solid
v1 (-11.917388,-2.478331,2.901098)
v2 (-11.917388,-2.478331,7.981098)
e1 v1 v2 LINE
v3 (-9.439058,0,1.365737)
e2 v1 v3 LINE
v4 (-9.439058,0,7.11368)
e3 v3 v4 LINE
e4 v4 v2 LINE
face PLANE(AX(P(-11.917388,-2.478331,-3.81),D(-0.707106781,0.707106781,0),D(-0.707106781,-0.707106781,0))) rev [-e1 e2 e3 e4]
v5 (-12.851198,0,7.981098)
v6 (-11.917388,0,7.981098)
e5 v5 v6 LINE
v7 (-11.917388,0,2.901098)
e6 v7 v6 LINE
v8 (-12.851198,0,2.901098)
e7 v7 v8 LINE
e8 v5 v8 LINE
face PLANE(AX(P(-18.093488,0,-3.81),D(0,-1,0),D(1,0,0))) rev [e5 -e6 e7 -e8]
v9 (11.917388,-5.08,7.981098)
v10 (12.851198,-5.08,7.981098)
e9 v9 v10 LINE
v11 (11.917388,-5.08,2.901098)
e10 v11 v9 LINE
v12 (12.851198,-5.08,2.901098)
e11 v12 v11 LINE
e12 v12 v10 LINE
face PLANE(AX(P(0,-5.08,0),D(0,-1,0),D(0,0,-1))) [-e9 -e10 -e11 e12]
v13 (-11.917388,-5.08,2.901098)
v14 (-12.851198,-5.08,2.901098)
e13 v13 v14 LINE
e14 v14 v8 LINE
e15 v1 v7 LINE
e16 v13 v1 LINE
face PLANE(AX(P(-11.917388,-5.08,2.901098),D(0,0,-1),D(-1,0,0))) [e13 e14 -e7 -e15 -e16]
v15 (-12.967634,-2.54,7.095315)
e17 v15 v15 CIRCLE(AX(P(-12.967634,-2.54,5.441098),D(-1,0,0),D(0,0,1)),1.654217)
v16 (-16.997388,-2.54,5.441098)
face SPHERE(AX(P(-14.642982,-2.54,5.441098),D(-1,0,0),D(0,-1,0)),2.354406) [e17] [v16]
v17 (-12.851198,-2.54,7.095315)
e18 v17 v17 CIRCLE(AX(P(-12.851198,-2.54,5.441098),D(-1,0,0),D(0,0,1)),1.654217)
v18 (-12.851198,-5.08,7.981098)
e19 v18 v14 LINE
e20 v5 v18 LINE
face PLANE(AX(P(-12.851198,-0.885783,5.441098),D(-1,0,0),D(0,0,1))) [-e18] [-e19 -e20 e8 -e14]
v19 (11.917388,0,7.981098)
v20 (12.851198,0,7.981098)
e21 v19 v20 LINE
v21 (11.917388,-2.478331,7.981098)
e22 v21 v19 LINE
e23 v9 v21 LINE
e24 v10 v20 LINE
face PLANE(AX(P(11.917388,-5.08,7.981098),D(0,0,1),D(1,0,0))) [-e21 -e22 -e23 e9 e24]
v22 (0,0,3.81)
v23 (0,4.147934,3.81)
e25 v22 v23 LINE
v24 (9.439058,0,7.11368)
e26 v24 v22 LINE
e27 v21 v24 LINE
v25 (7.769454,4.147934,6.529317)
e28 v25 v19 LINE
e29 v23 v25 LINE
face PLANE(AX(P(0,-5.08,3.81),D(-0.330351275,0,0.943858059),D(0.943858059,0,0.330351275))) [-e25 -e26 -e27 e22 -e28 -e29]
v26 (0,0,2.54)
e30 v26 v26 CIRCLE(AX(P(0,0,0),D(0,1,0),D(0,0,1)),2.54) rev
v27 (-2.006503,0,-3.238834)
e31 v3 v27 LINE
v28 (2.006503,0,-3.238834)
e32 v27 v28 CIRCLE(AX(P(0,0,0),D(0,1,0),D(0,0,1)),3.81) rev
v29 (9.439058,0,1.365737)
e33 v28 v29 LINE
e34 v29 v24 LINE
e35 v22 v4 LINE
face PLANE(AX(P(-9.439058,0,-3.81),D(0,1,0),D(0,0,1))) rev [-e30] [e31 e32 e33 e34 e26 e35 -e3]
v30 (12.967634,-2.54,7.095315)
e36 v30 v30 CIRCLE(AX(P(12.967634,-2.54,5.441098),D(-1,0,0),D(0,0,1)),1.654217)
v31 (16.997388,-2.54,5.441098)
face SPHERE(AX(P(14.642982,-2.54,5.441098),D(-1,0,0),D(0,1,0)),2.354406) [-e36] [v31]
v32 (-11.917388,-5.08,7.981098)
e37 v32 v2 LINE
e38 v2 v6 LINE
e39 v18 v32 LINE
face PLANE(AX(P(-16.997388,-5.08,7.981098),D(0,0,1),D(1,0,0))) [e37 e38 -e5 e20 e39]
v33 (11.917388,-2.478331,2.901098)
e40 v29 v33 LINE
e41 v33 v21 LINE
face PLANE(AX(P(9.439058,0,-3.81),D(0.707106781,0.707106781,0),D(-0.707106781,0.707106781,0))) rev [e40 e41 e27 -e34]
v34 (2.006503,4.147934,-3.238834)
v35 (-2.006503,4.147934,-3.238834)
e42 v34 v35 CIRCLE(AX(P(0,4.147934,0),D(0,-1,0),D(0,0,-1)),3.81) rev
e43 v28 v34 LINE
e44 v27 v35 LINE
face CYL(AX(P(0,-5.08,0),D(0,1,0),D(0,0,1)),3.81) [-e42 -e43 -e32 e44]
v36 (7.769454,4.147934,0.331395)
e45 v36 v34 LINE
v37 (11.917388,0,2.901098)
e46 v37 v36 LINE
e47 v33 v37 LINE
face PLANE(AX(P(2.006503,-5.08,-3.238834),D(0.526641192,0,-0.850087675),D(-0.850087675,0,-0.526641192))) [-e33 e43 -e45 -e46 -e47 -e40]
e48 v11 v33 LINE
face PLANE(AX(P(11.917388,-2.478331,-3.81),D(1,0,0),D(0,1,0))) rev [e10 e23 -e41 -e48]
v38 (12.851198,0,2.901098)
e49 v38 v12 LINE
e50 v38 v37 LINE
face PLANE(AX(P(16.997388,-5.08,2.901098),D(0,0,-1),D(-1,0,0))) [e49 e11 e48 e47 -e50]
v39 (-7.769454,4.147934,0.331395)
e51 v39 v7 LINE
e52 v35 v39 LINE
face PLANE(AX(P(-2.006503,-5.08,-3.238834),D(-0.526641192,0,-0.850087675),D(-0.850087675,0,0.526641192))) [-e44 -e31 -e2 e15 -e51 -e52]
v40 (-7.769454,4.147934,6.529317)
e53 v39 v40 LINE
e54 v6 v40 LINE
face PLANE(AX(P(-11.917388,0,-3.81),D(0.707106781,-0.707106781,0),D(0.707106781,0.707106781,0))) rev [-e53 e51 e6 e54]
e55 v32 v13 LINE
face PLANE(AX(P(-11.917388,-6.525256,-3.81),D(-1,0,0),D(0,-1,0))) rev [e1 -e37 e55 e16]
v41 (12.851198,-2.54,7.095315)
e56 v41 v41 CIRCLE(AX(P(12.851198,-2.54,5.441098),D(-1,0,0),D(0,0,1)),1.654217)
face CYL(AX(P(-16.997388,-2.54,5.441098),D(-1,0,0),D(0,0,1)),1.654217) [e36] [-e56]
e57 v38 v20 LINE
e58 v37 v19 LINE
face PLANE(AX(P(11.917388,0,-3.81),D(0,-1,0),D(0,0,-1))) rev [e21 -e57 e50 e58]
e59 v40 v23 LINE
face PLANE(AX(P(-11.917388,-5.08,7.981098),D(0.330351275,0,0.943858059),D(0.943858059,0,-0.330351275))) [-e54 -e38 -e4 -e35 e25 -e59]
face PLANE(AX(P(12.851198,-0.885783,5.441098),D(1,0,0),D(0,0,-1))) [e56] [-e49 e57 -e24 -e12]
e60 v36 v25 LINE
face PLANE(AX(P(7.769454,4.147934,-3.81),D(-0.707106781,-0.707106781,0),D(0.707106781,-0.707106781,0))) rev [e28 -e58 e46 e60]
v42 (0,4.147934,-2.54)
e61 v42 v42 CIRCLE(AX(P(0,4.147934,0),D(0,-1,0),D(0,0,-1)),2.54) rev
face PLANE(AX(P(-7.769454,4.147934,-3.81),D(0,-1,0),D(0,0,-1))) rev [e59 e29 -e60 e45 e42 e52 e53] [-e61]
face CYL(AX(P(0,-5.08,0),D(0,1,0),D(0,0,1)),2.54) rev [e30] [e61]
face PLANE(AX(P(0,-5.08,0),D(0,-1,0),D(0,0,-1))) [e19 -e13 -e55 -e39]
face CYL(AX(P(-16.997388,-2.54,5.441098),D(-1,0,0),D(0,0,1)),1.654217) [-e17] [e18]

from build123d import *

# Parameters (mm, degrees)
SKETCH1_R                = 2.54
BOSS_EXTRUDE1_DEPTH      = 5.08
BOSS_EXTRUDE1_DEPTH_BACK = 5.08
CUT_EXTRUDE1_DEPTH       = 8.981097998
CUT_EXTRUDE1_DEPTH_BACK  = 4.81


with BuildPart() as part:
    # Sketch1 → Boss-Extrude1 (new body, two sides)
    with BuildSketch(Plane(origin=(0, 0, 0), x_dir=(1, 0, 0), z_dir=(0, 1, 0))) as boss_extrude1_sk:
        with BuildLine():
            Line((-2.006502941, 3.238834041), (-11.917388437, -2.901097998))
            Line((-11.917388437, -2.901097998), (-16.997388437, -2.901097998))
            Line((-16.997388437, -2.901097998), (-16.997388437, -7.981097998))
            Line((-16.997388437, -7.981097998), (-11.917388437, -7.981097998))
            Line((-11.917388437, -7.981097998), (0, -3.81))
            Line((0, -3.81), (11.917388437, -7.981097998))
            Line((11.917388437, -7.981097998), (16.997388437, -7.981097998))
            Line((16.997388437, -7.981097998), (16.997388437, -2.901097998))
            Line((16.997388437, -2.901097998), (11.917388437, -2.901097998))
            Line((11.917388437, -2.901097998), (2.006502941, 3.238834041))
            ThreePointArc((2.006502941, 3.238834041), (0, 3.81), (-2.006502941, 3.238834041))
        make_face()
        Circle(SKETCH1_R, mode=Mode.SUBTRACT)
    extrude(amount=BOSS_EXTRUDE1_DEPTH)
    extrude(boss_extrude1_sk.sketch, amount=-BOSS_EXTRUDE1_DEPTH_BACK)

    # Sketch2 → Cut-Extrude1 (cut, two sides)
    with BuildSketch(Plane.XY) as cut_extrude1_sk:
        Polygon((-11.917388437, -6.525255909), (-11.917388437, -2.478330742), (-9.439057695, 0), (9.439057695, 0), (11.917388437, -2.478330742), (11.917388437, -6.525255909), align=None)
        Polygon((-18.093487835, 0), (-11.917388437, 0), (-7.769454267, 4.147934171), (7.769454267, 4.147934171), (11.917388437, 0), (18.118549734, 0), (18.118549734, 7.57171578), (-18.093487835, 7.57171578), align=None)
    extrude(amount=CUT_EXTRUDE1_DEPTH, mode=Mode.SUBTRACT)
    extrude(cut_extrude1_sk.sketch, amount=-CUT_EXTRUDE1_DEPTH_BACK, mode=Mode.SUBTRACT)

    # Sketch3 → Cut-Revolve1 (revolve, cut)
    with BuildSketch(Plane.XY.offset(5.441097998)):
        with BuildLine():
            Line((-12.967633979, -0.885782562), (-12.851197898, -0.885782562))
            Line((-12.851197898, -0.885782562), (-12.851197898, 1.801061794))
            Line((-12.851197898, 1.801061794), (-18.158310447, 1.801061794))
            Line((-18.158310447, 1.801061794), (-18.158310447, -2.54))
            Line((-18.158310447, -2.54), (-16.997388437, -2.54))
            ThreePointArc((-16.997388437, -2.54), (-15.537067777, -0.361964398), (-12.967633979, -0.885782562))
        make_face()
        with BuildLine():
            Line((12.851197898, -0.885782562), (12.851197898, 1.801061794))
            Line((12.851197898, 1.801061794), (18.158310447, 1.801061794))
            Line((18.158310447, 1.801061794), (18.158310447, -2.54))
            Line((18.158310447, -2.54), (16.997388437, -2.54))
            ThreePointArc((16.997388437, -2.54), (15.537067777, -0.361964398), (12.967633979, -0.885782562))
            Line((12.967633979, -0.885782562), (12.851197898, -0.885782562))
        make_face()
    revolve(axis=Axis((-16.997388437, -2.54, 5.441097998), (1, 0, 0)), mode=Mode.SUBTRACT)


solid = part.part
